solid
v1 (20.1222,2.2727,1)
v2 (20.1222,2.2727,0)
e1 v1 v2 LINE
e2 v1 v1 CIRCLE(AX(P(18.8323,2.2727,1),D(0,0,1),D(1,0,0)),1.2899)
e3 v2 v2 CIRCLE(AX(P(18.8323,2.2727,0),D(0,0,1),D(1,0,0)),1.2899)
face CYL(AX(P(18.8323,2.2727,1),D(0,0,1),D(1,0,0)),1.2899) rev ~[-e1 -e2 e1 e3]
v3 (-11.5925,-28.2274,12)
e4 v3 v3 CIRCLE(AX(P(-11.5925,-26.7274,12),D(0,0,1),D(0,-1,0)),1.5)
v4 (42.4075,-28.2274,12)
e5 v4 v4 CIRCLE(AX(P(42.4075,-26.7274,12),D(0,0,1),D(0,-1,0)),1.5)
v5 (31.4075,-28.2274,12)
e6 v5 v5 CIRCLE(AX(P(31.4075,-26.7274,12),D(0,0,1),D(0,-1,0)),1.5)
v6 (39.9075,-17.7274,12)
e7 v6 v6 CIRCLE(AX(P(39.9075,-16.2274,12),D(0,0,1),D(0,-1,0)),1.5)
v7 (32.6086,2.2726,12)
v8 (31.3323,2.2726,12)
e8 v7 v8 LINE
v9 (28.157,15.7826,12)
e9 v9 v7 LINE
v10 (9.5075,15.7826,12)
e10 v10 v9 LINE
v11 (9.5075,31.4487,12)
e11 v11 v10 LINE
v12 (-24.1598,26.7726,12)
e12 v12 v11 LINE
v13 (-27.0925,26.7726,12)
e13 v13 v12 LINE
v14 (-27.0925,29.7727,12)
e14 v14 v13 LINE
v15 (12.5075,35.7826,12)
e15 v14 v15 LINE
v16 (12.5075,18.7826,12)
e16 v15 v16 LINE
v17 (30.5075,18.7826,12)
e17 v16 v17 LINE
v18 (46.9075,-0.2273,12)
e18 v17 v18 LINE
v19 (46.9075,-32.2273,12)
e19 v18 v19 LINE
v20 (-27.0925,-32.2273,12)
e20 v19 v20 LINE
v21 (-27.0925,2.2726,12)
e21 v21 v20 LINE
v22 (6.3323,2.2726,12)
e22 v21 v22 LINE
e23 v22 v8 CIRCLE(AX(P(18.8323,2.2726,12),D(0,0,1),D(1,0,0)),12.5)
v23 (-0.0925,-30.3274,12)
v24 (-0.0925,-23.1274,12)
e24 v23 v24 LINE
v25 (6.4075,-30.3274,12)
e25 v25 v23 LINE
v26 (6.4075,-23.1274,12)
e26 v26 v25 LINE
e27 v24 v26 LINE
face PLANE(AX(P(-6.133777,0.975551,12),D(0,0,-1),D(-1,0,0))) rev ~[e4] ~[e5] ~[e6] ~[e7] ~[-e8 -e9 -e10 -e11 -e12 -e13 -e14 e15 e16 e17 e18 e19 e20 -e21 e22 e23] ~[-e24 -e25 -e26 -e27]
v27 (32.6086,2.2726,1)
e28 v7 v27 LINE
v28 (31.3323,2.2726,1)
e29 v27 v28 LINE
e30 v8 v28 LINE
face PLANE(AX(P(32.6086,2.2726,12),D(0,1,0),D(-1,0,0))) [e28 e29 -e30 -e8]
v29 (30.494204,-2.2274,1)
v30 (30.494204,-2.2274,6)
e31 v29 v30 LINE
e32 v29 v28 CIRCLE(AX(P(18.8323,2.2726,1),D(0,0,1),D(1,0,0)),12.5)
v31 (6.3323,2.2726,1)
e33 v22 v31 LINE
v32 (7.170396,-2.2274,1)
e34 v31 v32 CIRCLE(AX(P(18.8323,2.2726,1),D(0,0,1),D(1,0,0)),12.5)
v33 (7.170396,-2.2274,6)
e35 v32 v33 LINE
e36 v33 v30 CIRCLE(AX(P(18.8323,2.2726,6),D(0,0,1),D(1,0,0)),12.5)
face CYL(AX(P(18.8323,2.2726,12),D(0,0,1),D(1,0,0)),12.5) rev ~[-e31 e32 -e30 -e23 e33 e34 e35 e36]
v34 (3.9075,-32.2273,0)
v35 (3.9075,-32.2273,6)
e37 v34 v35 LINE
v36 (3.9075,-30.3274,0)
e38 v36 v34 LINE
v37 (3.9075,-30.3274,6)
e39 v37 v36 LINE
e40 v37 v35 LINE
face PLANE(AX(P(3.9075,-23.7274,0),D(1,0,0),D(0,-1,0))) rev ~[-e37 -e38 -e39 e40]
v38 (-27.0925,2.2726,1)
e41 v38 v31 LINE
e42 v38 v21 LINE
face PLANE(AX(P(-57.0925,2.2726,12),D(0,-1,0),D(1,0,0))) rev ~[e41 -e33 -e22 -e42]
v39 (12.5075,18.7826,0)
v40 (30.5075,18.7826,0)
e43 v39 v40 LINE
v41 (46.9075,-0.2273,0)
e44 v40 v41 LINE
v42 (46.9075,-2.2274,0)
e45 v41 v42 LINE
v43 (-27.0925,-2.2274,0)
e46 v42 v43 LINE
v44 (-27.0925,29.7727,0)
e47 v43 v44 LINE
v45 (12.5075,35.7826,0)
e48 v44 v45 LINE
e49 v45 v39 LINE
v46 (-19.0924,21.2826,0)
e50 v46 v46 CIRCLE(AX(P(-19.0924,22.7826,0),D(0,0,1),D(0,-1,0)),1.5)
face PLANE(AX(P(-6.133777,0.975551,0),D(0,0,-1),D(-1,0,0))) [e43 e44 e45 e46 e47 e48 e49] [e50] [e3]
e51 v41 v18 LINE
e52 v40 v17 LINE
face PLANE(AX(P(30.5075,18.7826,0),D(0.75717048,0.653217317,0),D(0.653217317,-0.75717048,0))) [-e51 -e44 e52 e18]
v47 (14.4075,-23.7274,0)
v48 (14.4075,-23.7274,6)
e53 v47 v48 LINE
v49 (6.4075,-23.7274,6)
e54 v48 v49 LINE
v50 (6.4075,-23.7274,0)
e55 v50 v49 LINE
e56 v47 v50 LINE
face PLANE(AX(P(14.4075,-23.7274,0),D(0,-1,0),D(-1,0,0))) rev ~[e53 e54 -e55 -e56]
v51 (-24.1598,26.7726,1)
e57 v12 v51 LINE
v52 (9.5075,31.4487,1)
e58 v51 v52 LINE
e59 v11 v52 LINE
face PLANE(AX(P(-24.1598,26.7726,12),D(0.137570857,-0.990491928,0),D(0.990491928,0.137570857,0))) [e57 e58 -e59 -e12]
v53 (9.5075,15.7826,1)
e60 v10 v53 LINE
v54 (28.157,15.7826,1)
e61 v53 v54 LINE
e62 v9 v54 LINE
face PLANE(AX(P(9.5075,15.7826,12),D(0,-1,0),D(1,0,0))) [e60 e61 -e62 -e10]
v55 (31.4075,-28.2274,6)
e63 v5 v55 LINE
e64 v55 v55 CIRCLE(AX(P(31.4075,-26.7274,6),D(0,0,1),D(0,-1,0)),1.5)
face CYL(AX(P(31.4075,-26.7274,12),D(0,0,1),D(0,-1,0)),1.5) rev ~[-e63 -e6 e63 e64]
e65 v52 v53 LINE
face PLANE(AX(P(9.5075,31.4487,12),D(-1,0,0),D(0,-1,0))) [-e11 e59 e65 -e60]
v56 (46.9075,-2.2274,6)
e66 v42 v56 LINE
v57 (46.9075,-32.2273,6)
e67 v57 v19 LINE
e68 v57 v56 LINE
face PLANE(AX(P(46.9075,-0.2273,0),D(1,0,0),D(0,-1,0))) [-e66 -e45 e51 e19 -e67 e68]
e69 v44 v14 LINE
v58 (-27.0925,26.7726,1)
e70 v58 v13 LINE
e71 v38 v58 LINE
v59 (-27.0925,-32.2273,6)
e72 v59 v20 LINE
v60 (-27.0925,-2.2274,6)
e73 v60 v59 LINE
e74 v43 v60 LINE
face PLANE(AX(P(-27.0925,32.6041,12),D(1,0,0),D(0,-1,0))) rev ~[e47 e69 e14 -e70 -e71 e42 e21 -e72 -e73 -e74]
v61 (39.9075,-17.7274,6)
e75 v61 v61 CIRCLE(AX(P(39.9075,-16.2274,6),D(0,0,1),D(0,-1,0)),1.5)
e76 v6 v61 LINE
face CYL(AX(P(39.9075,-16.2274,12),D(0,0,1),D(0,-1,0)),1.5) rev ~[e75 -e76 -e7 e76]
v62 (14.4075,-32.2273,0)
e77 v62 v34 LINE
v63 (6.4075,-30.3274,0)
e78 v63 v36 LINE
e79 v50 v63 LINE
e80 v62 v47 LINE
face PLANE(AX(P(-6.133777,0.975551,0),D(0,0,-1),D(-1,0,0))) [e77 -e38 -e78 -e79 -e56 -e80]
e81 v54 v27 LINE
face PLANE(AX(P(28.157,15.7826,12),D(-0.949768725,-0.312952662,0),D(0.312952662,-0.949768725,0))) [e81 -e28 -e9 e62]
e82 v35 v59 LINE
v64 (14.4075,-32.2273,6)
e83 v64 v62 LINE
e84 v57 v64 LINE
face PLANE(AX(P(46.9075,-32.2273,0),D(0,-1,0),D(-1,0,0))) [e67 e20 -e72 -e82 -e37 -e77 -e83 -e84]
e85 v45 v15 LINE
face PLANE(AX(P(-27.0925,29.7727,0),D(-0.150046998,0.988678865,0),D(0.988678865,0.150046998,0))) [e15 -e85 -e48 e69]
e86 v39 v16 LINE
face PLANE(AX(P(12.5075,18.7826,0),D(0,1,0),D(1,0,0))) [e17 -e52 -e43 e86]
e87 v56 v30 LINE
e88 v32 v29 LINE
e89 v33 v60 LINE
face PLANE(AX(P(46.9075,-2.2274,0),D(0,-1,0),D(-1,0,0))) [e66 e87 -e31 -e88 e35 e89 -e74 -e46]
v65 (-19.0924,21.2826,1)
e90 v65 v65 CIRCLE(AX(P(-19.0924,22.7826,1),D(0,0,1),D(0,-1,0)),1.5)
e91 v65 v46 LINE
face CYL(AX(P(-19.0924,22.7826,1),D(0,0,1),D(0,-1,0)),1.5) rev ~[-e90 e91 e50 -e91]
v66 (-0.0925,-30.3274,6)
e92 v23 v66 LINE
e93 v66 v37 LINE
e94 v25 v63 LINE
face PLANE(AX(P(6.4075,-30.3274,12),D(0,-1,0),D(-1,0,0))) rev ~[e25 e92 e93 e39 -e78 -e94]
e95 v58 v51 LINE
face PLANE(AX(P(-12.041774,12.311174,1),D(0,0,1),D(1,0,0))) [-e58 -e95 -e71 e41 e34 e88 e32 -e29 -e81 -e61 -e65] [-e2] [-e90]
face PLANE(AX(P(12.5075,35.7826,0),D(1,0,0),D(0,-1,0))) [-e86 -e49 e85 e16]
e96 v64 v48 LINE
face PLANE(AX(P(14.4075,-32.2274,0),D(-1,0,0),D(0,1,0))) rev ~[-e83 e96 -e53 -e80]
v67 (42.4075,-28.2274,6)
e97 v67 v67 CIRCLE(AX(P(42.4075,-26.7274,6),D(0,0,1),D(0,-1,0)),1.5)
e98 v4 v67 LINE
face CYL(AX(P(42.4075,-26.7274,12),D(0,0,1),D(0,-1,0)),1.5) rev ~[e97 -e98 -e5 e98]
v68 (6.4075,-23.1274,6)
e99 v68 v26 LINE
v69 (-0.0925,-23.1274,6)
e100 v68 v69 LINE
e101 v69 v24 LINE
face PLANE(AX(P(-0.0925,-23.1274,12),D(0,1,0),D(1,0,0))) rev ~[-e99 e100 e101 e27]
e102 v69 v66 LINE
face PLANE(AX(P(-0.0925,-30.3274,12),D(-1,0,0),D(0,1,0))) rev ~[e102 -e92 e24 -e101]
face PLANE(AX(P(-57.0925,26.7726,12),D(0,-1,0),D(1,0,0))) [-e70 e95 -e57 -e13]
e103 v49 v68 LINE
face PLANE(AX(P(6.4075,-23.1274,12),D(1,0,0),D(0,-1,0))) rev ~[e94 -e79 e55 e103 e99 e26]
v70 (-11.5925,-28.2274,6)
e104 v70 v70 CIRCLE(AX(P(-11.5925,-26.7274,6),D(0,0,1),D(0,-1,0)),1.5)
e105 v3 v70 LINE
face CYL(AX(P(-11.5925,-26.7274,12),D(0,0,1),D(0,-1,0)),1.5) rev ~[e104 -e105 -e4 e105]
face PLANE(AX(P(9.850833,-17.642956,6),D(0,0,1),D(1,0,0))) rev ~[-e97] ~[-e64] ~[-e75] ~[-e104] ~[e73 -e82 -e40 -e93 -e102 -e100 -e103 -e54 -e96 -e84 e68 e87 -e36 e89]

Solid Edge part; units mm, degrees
sketch "Sketch1" plane through (0, 0, 0) normal (0, 0, 1) x (1, 0, 0)
  line L0 (12.5075, 35.7826) -> (12.5075, 18.7826)
  line L1 (12.5075, 18.7826) -> (30.5075, 18.7826)
  line L2 (30.5075, 18.7826) -> (46.9075, -0.2273)
  line L3 (46.9075, -0.2273) -> (46.9075, -32.2273)
  line L4 (46.9075, -32.2273) -> (-27.0925, -32.2273)
  line L5 (-27.0925, -32.2273) -> (-27.0925, -0.7273)
  line L6 (-27.0925, -0.7273) -> (-60.0925, -0.7273)
  line L7 (-60.0925, -0.7273) -> (-60.0925, 29.7727)
  line L8 (-60.0925, 29.7727) -> (-27.0925, 29.7727)
  line L9 (-27.0925, 29.7727) -> (12.5075, 35.7826)
  dimension "D1" = 74
  dimension "D2" = 32
  dimension "D3" = 31.5
  dimension "D4" = 33
  dimension "D5" = 30.5
  dimension "D6" = 33
  dimension "D7" = 18
  dimension "D8" = 17
extrude "Ajout_matière_1" add sketch "Sketch1" along normal blind 12
sketch "Sketch2" plane through (-11.8425, 1.7776, 12) normal (0, 0, 1) x (1, 0, 0)
  line L0 (-45.25, 24.995) -> (-45.25, 0.495)
  line L1 (-45.25, 0.495) -> (18.1748, 0.495)
  line L2 (44.4511, 0.495) -> (43.1748, 0.495)
  line L3 (39.9995, 14.005) -> (44.4511, 0.495)
  line L4 (21.35, 14.005) -> (39.9995, 14.005)
  line L5 (21.35, 29.6711) -> (21.35, 14.005)
  line L6 (-12.3173, 24.995) -> (21.35, 29.6711)
  line L7 (-45.25, 24.995) -> (-12.3173, 24.995)
  arc A0 (18.1748, 0.495) -> (43.1748, 0.495) centre (30.6748, 0.495) ccw
extrude "Enlèvement_matière_1" cut sketch "Sketch2" against normal blind 11
sketch "Sketch3" plane through (-12.2419, 10.6107, 1) normal (0, 0, 1) x (1, 0, 0)
  circle A0 centre (31.0742, -8.338) radius 1.2899
extrude "Cutout1" cut sketch "Sketch3" along normal through all and the other way through all
sketch "Sketch4" plane through (-11.8425, 1.7776, 0) normal (0, 0, -1) x (0, 1, 0)
  line L0 (-34.005, 58.75) -> (-4.005, 58.75)
  line L1 (-4.005, 58.75) -> (-4.005, -15.25)
  line L2 (-4.005, -15.25) -> (-34.005, -15.25)
  line L3 (-34.005, -15.25) -> (-34.005, 15.75)
  line L4 (-25.505, 15.75) -> (-34.005, 15.75)
  line L5 (-25.505, 26.25) -> (-25.505, 15.75)
  line L6 (-34.005, 26.25) -> (-25.505, 26.25)
  line L7 (-34.005, 26.25) -> (-34.005, 58.75)
  dimension "D1" = 30
  dimension "D2" = 10.5
  dimension "D3" = 8.5
  dimension "D4" = 32.5
extrude "Enlèvement_matière_3" cut sketch "Sketch4" against normal blind 6
sketch "Sketch5" plane through (-6.5925, 1.7776, 12) normal (0, 0, 1) x (0, -1, 0)
  circle A0 centre (28.505, 49) radius 1.5
  circle A1 centre (28.505, 38) radius 1.5
  circle A2 centre (28.505, -5) radius 1.5
  line L0 (24.905, 13) -> (32.105, 13)
  line L1 (32.105, 13) -> (32.105, 6.5)
  line L2 (32.105, 6.5) -> (24.905, 6.5)
  line L3 (24.905, 6.5) -> (24.905, 13)
  dimension "D1" = 4.5
  dimension "D2" = 5.5
  dimension "D3" = 3
  dimension "D4" = 15.5
  dimension "D5" = 3
  dimension "D6" = 15.5
  dimension "D7" = 6.5
  dimension "D8" = 7.2
  dimension "D9" = 27
extrude "Cutout2" cut sketch "Sketch5" along normal through all and the other way through all
sketch "Sketch6" plane through (-12.2419, 14.6107, 1) normal (0, 0, 1) x (0, -1, 0)
  circle A0 centre (-8.1719, -6.8505) radius 1.5
  dimension "D1" = 41
  dimension "D2" = 3
  dimension "D3" = 13
  dimension "D4" = 44.0653
extrude "Cutout3" cut sketch "Sketch6" along normal through all and the other way through all
sketch "Sketch7" plane through (-6.5925, 1.7776, 12) normal (0, 0, 1) x (0, -1, 0)
  circle A0 centre (18.005, 46.5) radius 1.5
  dimension "D1" = 3
  dimension "D2" = 7
  dimension "D3" = 16
extrude "Cutout4" cut sketch "Sketch7" along normal through all and the other way through all
sketch "Sketch8" plane through (-6.5925, 1.7776, 12) normal (0, 0, 1) x (-1, 0, 0)
  line L0 (20.5, 2.505) -> (58.2278, 2.505)
  line L1 (58.2278, 2.505) -> (58.2278, -30.8265)
  line L2 (58.2278, -30.8265) -> (20.5, -30.8265)
  line L3 (20.5, -30.8265) -> (20.5, 2.505)
  dimension "D1" = 37.7278
  dimension "D2" = 33.3314
extrude "Enlèvement_matière_7" cut sketch "Sketch8" along normal mid plane 65.5466
properties material "Nylon, usage général"
